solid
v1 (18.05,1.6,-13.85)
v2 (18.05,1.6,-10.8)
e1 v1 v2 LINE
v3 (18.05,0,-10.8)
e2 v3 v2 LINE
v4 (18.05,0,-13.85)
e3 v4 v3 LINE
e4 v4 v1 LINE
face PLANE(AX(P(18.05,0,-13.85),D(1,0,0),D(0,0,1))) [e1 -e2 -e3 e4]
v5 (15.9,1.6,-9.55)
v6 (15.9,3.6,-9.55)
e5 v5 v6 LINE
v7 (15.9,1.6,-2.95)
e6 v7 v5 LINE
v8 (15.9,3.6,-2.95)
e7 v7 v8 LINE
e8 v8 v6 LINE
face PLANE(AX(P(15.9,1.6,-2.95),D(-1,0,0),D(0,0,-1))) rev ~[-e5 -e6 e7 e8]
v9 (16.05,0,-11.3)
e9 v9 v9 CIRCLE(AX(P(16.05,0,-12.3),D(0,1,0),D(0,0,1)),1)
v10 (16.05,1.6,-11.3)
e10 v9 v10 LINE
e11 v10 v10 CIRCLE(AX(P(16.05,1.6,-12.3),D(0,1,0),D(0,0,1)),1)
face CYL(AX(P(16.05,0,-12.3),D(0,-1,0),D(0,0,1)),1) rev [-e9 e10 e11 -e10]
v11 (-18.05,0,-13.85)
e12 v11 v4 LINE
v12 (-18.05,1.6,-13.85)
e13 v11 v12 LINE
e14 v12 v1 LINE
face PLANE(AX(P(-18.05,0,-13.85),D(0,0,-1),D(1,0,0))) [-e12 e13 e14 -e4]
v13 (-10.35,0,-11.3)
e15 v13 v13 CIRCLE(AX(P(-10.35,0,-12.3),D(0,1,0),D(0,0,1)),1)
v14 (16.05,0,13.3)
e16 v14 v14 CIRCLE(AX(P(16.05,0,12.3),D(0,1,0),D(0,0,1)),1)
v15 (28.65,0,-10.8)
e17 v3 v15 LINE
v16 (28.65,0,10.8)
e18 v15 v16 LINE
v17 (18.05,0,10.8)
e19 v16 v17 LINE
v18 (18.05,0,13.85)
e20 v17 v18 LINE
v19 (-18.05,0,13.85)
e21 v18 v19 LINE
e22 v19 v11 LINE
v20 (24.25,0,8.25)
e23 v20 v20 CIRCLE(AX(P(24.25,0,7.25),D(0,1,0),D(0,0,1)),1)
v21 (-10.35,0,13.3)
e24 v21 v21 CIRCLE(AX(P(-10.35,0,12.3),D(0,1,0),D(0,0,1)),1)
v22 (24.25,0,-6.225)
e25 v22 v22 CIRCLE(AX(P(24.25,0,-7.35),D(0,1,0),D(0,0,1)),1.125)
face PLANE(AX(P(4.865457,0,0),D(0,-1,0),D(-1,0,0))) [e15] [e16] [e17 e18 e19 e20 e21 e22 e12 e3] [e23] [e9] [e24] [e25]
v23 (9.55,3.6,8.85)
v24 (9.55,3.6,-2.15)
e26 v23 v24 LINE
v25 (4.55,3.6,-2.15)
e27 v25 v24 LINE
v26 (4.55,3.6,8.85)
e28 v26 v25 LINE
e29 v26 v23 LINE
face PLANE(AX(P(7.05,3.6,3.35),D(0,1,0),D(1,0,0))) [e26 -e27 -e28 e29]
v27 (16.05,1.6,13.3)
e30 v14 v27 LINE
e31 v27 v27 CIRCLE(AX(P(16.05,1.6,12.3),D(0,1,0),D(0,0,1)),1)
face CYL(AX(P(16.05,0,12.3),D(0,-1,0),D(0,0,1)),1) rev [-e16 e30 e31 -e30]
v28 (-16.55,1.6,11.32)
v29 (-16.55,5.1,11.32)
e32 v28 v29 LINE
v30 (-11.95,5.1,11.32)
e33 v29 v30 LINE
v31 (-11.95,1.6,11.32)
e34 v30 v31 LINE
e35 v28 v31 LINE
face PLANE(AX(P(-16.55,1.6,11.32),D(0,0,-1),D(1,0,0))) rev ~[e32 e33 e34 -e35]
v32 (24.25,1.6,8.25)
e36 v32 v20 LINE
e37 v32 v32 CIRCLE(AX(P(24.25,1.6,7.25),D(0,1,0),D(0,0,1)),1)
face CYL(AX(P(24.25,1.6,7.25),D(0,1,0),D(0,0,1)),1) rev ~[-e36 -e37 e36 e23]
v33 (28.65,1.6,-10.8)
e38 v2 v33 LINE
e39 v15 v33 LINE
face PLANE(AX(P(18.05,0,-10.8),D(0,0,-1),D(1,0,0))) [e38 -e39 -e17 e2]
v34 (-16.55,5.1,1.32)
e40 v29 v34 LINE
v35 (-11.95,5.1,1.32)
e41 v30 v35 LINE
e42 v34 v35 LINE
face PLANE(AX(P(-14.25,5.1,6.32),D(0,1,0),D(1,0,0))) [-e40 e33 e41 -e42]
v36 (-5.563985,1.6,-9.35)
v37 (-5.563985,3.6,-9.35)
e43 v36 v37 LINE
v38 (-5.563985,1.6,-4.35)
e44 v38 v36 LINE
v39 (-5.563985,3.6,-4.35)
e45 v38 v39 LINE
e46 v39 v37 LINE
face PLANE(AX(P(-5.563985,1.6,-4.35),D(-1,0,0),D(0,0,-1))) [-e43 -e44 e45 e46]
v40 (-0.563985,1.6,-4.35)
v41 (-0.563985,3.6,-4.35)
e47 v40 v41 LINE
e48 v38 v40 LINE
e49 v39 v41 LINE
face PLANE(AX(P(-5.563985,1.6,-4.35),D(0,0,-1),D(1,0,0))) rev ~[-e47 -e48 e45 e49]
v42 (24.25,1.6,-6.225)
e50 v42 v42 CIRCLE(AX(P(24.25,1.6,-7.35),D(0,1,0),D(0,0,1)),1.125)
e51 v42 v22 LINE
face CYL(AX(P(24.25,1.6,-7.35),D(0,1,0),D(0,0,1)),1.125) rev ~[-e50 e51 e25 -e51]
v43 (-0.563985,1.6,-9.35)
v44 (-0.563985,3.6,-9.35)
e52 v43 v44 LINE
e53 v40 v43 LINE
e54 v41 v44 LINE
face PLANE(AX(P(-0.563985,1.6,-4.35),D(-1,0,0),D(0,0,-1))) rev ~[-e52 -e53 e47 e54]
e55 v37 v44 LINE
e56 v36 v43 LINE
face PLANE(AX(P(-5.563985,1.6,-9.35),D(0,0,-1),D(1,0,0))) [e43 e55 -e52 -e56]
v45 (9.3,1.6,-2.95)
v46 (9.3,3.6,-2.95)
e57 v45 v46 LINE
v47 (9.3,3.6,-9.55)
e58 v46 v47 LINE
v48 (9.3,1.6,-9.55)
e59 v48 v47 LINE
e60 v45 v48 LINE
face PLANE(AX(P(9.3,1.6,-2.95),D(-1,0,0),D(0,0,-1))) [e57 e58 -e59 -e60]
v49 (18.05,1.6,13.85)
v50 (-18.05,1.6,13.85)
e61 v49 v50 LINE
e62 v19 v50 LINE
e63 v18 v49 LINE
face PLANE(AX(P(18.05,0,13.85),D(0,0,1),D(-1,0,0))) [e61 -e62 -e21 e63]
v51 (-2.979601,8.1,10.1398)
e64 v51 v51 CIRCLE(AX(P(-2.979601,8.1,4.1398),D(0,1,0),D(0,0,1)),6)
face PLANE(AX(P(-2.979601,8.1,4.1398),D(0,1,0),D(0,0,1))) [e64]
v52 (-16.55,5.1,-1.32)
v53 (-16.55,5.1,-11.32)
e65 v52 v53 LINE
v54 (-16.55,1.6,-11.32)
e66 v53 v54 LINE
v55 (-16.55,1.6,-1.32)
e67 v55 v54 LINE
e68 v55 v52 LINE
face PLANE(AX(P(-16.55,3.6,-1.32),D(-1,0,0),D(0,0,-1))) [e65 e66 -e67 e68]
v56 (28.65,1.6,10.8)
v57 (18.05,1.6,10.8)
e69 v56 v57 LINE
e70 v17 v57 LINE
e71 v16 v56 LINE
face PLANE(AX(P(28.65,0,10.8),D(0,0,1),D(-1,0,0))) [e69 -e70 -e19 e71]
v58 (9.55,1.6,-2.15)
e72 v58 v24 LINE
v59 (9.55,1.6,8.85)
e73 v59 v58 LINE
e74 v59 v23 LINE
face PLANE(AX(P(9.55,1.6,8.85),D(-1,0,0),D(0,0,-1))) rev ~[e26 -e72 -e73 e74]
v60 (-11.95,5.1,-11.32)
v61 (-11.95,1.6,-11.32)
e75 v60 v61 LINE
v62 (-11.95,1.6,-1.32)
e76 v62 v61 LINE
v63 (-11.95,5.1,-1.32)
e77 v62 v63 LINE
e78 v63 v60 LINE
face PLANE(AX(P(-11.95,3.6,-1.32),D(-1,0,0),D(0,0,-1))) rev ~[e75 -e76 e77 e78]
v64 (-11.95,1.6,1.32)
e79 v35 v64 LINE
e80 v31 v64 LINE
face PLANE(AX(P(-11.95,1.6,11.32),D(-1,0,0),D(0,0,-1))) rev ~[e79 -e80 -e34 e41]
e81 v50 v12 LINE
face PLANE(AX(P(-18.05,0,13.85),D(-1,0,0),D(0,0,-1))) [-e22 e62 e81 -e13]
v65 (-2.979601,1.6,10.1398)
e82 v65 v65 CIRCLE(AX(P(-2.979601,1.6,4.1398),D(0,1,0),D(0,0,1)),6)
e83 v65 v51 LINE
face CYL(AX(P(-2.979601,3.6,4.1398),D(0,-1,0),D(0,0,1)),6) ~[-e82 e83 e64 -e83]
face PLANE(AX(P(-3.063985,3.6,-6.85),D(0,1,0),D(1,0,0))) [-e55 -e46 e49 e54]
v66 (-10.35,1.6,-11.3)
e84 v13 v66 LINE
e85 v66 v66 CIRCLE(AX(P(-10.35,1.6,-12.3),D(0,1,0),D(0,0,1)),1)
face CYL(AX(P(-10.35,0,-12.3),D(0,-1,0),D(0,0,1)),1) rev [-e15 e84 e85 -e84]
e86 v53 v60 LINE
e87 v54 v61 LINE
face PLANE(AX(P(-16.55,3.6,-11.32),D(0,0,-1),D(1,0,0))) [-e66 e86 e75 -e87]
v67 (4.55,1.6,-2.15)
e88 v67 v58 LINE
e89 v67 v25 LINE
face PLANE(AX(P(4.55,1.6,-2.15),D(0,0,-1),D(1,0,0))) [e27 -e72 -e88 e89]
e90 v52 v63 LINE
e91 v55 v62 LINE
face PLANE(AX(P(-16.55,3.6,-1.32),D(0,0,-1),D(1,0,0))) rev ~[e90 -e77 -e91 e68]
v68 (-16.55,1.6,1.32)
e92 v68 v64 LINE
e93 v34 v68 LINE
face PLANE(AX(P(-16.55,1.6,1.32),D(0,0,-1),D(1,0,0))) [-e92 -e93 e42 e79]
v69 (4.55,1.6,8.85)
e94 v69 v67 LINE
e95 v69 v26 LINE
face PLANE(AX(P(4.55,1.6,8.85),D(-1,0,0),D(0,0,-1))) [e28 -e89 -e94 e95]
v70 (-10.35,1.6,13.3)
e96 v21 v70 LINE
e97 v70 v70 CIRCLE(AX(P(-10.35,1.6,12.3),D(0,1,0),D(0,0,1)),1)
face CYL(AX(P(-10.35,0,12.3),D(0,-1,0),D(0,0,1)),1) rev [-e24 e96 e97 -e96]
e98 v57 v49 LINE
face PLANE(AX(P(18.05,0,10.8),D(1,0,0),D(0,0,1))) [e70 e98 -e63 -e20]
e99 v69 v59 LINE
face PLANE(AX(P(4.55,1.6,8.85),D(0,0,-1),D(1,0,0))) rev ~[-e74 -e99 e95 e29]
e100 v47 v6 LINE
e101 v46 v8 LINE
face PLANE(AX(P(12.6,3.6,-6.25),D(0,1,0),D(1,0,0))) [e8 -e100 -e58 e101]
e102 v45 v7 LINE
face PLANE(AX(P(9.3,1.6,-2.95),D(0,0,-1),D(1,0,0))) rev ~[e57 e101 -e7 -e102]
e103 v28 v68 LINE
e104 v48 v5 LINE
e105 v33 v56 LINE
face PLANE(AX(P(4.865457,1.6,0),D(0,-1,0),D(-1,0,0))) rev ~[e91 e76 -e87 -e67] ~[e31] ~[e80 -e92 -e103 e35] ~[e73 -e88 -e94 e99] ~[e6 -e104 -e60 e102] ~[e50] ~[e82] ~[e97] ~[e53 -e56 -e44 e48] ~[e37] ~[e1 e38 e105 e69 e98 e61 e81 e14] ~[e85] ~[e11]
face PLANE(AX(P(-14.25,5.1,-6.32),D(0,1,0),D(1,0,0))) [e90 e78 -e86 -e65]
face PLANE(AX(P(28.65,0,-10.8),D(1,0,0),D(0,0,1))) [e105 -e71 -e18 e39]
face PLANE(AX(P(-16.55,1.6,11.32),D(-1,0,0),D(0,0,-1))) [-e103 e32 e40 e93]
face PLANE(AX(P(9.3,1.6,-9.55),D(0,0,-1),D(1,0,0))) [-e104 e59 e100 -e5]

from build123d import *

# Parameters (mm, degrees)
CROQUIS1_R              = 1
SALIENTE_EXTRUIR1_DEPTH = 1.6
CROQUIS2_R              = 1
CORTAR_EXTRUIR1_DEPTH   = 10
CROQUIS3_R              = 6
CROQUIS3_W              = 4.6
CROQUIS3_H              = 10
CROQUIS3_W_2            = 6.6
CROQUIS3_H_2            = 6.6
CROQUIS3_W_3            = 5
CROQUIS3_H_3            = 11
CROQUIS3_H_4            = 5
SALIENTE_EXTRUIR2_DEPTH = 2
CROQUIS4_R              = 6
SALIENTE_EXTRUIR3_DEPTH = 4.5
CROQUIS5_W              = 4.6
CROQUIS5_H              = 10
SALIENTE_EXTRUIR4_DEPTH = 1.5
CROQUIS7_R              = 1.122052982
SALIENTE_EXTRUIR5_DEPTH = 1.6
CROQUIS9_R              = 1.125
CORTAR_EXTRUIR2_DEPTH   = 33.479147156


with BuildPart() as part:
    # Croquis1 → Saliente-Extruir1 (new body)
    with BuildSketch(Plane(origin=(0, 0, 0), x_dir=(1, 0, 0), z_dir=(0, 1, 0))):
        Polygon((-18.05, 13.85), (18.05, 13.85), (18.05, 10.8), (28.65, 10.8), (28.65, -10.8), (18.05, -10.8), (18.05, -13.85), (-18.05, -13.85), align=None)
        with Locations(Location((-10.35, -12.3, 0), (0, 0, 270))):
            Circle(CROQUIS1_R, mode=Mode.SUBTRACT)
        with Locations(Location((16.05, -12.3, 0), (0, 0, 270))):
            Circle(CROQUIS1_R, mode=Mode.SUBTRACT)
        with Locations(Location((16.05, 12.3, 0), (0, 0, 270))):
            Circle(CROQUIS1_R, mode=Mode.SUBTRACT)
        with Locations(Location((-10.35, 12.3, 0), (0, 0, 270))):
            Circle(CROQUIS1_R, mode=Mode.SUBTRACT)
    extrude(amount=SALIENTE_EXTRUIR1_DEPTH)

    # Croquis2 → Cortar-Extruir1 (cut)
    with BuildSketch(Plane(origin=(0, 1.6, 0), x_dir=(1, 0, 0), z_dir=(0, 1, 0))):
        with Locations(Location((24.25, 7.25, 0), (0, 0, 270))):
            Circle(CROQUIS2_R)
        with Locations(Location((24.25, -7.25, 0), (0, 0, 270))):
            Circle(CROQUIS2_R)
    extrude(amount=-CORTAR_EXTRUIR1_DEPTH, mode=Mode.SUBTRACT)

    # Croquis3 → Saliente-Extruir2 (add)
    with BuildSketch(Plane(origin=(0, 1.6, 0), x_dir=(1, 0, 0), z_dir=(0, 1, 0))):
        with Locations(Location((-2.979600995, -4.139800498, 0), (0, 0, 270))):
            Circle(CROQUIS3_R)
        with Locations((-14.25, 6.32)):
            Rectangle(CROQUIS3_W, CROQUIS3_H)
        with Locations((-14.25, -6.32)):
            Rectangle(CROQUIS3_W, CROQUIS3_H)
        with Locations((12.6, 6.25)):
            Rectangle(CROQUIS3_W_2, CROQUIS3_H_2)
        with Locations((7.05, -3.35)):
            Rectangle(CROQUIS3_W_3, CROQUIS3_H_3)
        with Locations((-3.063985121, 6.85)):
            Rectangle(CROQUIS3_W_3, CROQUIS3_H_4)
    extrude(amount=SALIENTE_EXTRUIR2_DEPTH)

    # Croquis4 → Saliente-Extruir3 (add)
    with BuildSketch(Plane(origin=(0, 3.6, 0), x_dir=(1, 0, 0), z_dir=(0, 1, 0))):
        with Locations(Location((-2.979600995, -4.139800498, 0), (0, 0, 270))):
            Circle(CROQUIS4_R)
    extrude(amount=SALIENTE_EXTRUIR3_DEPTH)

    # Croquis5 → Saliente-Extruir4 (add)
    with BuildSketch(Plane(origin=(0, 3.6, 0), x_dir=(1, 0, 0), z_dir=(0, 1, 0))):
        with Locations((-14.25, 6.32)):
            Rectangle(CROQUIS5_W, CROQUIS5_H)
        with Locations((-14.25, -6.32)):
            Rectangle(CROQUIS5_W, CROQUIS5_H)
    extrude(amount=SALIENTE_EXTRUIR4_DEPTH)

    # Croquis7 → Saliente-Extruir5 (add)
    with BuildSketch(Plane.XZ):
        with Locations((24.25, -7.25)):
            Circle(CROQUIS7_R)
    extrude(amount=-SALIENTE_EXTRUIR5_DEPTH)

    # Croquis9 → Cortar-Extruir2 (cut, through all)
    with BuildSketch(Plane(origin=(0, 1.6, 0), x_dir=(1, 0, 0), z_dir=(0, 1, 0))):
        with Locations(Location((24.25, 7.35, 0), (0, 0, 270))):
            Circle(CROQUIS9_R)
    extrude(amount=-CORTAR_EXTRUIR2_DEPTH, mode=Mode.SUBTRACT)


solid = part.part
